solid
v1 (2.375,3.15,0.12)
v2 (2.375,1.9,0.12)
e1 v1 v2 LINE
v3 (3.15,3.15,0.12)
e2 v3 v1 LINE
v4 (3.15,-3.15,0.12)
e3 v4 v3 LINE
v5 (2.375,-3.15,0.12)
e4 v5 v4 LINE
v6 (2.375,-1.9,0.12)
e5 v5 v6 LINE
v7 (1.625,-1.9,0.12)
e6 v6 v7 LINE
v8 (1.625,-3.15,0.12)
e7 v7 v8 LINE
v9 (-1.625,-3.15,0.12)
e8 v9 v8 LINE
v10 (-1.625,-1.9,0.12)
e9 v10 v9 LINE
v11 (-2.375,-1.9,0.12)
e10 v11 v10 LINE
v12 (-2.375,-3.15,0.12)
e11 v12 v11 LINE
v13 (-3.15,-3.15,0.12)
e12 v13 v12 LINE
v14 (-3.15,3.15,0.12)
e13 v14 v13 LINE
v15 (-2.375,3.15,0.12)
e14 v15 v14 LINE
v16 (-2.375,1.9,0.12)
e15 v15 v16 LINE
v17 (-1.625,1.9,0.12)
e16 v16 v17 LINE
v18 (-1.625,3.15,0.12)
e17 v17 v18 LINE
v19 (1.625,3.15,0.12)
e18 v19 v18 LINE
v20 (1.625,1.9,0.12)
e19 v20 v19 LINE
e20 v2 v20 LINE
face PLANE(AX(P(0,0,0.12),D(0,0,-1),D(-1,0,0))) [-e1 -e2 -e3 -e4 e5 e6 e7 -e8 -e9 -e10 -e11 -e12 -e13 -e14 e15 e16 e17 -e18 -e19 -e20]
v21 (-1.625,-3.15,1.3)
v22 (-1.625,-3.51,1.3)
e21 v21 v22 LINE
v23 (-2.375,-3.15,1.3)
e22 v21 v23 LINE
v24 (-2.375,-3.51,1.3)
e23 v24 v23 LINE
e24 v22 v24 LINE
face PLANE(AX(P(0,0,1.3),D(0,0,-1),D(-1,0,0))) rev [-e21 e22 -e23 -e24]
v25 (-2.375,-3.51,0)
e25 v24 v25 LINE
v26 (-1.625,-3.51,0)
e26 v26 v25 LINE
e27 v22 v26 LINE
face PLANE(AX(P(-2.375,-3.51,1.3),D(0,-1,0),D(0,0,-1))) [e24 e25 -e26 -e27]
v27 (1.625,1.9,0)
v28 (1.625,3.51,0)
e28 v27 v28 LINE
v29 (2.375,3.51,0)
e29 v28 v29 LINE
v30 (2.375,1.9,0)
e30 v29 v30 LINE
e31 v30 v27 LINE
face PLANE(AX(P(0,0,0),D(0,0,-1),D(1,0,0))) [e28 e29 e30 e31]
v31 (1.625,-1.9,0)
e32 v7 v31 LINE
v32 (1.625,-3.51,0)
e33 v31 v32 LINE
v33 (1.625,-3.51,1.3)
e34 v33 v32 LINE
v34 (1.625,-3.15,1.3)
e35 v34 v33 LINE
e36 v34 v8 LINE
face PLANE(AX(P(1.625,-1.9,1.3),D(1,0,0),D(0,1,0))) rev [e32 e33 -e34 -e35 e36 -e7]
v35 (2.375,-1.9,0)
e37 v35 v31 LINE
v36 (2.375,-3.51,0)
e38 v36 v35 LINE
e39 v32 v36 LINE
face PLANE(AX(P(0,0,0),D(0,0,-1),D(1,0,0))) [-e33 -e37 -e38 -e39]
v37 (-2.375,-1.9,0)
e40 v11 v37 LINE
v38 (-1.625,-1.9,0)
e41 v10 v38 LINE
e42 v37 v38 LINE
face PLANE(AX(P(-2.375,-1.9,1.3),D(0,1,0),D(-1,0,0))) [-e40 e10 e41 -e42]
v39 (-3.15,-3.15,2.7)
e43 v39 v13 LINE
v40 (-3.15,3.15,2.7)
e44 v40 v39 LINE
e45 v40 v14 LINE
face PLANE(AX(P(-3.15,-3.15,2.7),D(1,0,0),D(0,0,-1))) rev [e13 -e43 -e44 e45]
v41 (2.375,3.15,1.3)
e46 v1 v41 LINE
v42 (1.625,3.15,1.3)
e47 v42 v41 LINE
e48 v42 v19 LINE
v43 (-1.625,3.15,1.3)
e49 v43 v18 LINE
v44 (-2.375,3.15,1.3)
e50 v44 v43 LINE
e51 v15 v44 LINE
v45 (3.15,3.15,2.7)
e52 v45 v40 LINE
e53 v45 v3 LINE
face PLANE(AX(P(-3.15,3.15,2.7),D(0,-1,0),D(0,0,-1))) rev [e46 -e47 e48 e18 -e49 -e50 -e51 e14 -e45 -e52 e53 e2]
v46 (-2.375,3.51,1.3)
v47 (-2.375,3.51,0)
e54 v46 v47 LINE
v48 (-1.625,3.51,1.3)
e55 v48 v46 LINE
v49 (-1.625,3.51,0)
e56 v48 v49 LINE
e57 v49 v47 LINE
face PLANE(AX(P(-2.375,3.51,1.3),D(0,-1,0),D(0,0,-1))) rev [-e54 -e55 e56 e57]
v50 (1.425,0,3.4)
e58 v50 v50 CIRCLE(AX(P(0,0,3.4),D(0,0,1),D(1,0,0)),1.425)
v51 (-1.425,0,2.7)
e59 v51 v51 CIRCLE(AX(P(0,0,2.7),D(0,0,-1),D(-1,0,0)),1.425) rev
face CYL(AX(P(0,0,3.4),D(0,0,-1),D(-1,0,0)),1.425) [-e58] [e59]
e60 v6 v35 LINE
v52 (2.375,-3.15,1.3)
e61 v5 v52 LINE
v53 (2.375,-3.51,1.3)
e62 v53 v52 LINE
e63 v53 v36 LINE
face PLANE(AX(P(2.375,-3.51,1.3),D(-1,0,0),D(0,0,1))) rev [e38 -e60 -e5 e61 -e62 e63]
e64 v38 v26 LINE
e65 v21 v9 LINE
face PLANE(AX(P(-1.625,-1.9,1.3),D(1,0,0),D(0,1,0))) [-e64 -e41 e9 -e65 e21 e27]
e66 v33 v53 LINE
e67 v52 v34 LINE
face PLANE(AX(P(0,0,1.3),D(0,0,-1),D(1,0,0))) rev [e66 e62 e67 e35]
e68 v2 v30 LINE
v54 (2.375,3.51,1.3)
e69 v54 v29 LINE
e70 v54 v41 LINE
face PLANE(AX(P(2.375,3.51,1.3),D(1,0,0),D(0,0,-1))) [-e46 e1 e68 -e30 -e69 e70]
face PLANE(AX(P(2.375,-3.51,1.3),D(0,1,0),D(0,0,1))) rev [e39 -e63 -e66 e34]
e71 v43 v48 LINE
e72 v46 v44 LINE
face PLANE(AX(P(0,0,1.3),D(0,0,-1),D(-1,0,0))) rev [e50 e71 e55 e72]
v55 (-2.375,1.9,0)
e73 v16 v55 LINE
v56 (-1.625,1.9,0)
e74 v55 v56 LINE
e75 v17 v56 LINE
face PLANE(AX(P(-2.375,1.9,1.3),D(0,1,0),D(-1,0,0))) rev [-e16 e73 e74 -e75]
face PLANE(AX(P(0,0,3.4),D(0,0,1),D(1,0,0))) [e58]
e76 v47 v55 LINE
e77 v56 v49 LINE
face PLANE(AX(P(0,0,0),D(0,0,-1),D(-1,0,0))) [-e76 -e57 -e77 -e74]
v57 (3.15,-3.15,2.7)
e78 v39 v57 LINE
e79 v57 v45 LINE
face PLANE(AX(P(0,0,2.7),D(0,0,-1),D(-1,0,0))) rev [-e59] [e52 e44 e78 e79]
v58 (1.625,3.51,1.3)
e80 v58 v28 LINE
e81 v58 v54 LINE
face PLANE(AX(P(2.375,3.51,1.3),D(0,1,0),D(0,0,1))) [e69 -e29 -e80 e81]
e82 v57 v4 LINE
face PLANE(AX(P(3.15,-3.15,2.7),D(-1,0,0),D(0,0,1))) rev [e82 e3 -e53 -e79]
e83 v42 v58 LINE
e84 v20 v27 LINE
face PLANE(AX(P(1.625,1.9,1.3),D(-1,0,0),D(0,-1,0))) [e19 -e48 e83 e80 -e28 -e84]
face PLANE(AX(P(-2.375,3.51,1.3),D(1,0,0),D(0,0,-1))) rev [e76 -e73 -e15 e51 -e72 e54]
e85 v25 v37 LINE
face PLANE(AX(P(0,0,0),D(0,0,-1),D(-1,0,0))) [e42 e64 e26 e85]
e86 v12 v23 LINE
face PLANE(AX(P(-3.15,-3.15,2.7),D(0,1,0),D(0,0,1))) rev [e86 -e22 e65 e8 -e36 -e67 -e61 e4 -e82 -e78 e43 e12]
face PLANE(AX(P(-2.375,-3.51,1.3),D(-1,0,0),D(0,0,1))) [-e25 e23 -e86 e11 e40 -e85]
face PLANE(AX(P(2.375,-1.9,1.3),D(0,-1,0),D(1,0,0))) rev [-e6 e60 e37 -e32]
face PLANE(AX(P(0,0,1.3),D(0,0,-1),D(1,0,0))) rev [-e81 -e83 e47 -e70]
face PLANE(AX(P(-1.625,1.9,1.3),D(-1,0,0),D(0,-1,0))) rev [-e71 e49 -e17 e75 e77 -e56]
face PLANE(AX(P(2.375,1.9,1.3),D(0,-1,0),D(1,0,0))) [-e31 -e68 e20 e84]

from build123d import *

# Parameters (mm, degrees)
SKIZZE1_W                                  = 6.3
SKIZZE1_H                                  = 6.3
AUFSATZ_LINEAR_AUSTRAGEN1_DEPTH            = 2.7
SKIZZE2_R                                  = 1.425
AUFSATZ_LINEAR_AUSTRAGEN2_DEPTH            = 3.4
FL_CHE_VERSCHIEBEN1_BY                     = 0.12
SKIZZE3_W                                  = 0.75
SKIZZE3_H                                  = 1.61
AUFSATZ_LINEAR_AUSTRAGEN3_DEPTH            = 1.3
SPIEGELN1_AT_THE_SECOND_PLANE_COPY_1_SKE_W = 0.75
SPIEGELN1_AT_THE_SECOND_PLANE_COPY_1_SKE_H = 1.61
SPIEGELN1_AT_THE_SECOND_PLANE_COPY_1_DEPTH = 1.3


with BuildPart() as part:
    # Skizze1 → Aufsatz-Linear austragen1 (new body)
    with BuildSketch(Plane.XY):
        Rectangle(SKIZZE1_W, SKIZZE1_H)
    extrude(amount=AUFSATZ_LINEAR_AUSTRAGEN1_DEPTH)

    # Skizze2 → Aufsatz-Linear austragen2 (add)
    with BuildSketch(Plane.XY):
        with Locations(Location((0, 0, 0), (0, 0, 180))):
            Circle(SKIZZE2_R)
    extrude(amount=AUFSATZ_LINEAR_AUSTRAGEN2_DEPTH)

    # Fläche verschieben1: a face moved inward by 0.12
    extrude(part.faces().sort_by_distance((0, 0, 0))[0], amount=FL_CHE_VERSCHIEBEN1_BY, dir=(0, 0, 1), mode=Mode.SUBTRACT)

    # Skizze3 → Aufsatz-Linear austragen3 (add)
    with BuildSketch(Plane.XY):
        with Locations((-2, 2.705)):
            Rectangle(SKIZZE3_W, SKIZZE3_H)
    aufsatz_linear_austragen3 = extrude(amount=AUFSATZ_LINEAR_AUSTRAGEN3_DEPTH)

    # Spiegeln1: Aufsatz-Linear austragen3 across plane
    add(aufsatz_linear_austragen3.mirror(Plane.ZX))

    # Spiegeln1 at the second plane: Aufsatz-Linear austragen3 across plane
    add(aufsatz_linear_austragen3.mirror(Plane(origin=(0, 0, 0), x_dir=(0, 0, 1), z_dir=(1, 0, 0))))

    # Spiegeln1 at the second plane copy 1 ske → Spiegeln1 at the second plane copy 1 (add)
    with BuildSketch(Plane(origin=(0, 0, 0), x_dir=(-1, 0, 0), z_dir=(0, 0, 1))):
        with Locations((-2, 2.705)):
            Rectangle(SPIEGELN1_AT_THE_SECOND_PLANE_COPY_1_SKE_W, SPIEGELN1_AT_THE_SECOND_PLANE_COPY_1_SKE_H)
    extrude(amount=SPIEGELN1_AT_THE_SECOND_PLANE_COPY_1_DEPTH)


solid = part.part
